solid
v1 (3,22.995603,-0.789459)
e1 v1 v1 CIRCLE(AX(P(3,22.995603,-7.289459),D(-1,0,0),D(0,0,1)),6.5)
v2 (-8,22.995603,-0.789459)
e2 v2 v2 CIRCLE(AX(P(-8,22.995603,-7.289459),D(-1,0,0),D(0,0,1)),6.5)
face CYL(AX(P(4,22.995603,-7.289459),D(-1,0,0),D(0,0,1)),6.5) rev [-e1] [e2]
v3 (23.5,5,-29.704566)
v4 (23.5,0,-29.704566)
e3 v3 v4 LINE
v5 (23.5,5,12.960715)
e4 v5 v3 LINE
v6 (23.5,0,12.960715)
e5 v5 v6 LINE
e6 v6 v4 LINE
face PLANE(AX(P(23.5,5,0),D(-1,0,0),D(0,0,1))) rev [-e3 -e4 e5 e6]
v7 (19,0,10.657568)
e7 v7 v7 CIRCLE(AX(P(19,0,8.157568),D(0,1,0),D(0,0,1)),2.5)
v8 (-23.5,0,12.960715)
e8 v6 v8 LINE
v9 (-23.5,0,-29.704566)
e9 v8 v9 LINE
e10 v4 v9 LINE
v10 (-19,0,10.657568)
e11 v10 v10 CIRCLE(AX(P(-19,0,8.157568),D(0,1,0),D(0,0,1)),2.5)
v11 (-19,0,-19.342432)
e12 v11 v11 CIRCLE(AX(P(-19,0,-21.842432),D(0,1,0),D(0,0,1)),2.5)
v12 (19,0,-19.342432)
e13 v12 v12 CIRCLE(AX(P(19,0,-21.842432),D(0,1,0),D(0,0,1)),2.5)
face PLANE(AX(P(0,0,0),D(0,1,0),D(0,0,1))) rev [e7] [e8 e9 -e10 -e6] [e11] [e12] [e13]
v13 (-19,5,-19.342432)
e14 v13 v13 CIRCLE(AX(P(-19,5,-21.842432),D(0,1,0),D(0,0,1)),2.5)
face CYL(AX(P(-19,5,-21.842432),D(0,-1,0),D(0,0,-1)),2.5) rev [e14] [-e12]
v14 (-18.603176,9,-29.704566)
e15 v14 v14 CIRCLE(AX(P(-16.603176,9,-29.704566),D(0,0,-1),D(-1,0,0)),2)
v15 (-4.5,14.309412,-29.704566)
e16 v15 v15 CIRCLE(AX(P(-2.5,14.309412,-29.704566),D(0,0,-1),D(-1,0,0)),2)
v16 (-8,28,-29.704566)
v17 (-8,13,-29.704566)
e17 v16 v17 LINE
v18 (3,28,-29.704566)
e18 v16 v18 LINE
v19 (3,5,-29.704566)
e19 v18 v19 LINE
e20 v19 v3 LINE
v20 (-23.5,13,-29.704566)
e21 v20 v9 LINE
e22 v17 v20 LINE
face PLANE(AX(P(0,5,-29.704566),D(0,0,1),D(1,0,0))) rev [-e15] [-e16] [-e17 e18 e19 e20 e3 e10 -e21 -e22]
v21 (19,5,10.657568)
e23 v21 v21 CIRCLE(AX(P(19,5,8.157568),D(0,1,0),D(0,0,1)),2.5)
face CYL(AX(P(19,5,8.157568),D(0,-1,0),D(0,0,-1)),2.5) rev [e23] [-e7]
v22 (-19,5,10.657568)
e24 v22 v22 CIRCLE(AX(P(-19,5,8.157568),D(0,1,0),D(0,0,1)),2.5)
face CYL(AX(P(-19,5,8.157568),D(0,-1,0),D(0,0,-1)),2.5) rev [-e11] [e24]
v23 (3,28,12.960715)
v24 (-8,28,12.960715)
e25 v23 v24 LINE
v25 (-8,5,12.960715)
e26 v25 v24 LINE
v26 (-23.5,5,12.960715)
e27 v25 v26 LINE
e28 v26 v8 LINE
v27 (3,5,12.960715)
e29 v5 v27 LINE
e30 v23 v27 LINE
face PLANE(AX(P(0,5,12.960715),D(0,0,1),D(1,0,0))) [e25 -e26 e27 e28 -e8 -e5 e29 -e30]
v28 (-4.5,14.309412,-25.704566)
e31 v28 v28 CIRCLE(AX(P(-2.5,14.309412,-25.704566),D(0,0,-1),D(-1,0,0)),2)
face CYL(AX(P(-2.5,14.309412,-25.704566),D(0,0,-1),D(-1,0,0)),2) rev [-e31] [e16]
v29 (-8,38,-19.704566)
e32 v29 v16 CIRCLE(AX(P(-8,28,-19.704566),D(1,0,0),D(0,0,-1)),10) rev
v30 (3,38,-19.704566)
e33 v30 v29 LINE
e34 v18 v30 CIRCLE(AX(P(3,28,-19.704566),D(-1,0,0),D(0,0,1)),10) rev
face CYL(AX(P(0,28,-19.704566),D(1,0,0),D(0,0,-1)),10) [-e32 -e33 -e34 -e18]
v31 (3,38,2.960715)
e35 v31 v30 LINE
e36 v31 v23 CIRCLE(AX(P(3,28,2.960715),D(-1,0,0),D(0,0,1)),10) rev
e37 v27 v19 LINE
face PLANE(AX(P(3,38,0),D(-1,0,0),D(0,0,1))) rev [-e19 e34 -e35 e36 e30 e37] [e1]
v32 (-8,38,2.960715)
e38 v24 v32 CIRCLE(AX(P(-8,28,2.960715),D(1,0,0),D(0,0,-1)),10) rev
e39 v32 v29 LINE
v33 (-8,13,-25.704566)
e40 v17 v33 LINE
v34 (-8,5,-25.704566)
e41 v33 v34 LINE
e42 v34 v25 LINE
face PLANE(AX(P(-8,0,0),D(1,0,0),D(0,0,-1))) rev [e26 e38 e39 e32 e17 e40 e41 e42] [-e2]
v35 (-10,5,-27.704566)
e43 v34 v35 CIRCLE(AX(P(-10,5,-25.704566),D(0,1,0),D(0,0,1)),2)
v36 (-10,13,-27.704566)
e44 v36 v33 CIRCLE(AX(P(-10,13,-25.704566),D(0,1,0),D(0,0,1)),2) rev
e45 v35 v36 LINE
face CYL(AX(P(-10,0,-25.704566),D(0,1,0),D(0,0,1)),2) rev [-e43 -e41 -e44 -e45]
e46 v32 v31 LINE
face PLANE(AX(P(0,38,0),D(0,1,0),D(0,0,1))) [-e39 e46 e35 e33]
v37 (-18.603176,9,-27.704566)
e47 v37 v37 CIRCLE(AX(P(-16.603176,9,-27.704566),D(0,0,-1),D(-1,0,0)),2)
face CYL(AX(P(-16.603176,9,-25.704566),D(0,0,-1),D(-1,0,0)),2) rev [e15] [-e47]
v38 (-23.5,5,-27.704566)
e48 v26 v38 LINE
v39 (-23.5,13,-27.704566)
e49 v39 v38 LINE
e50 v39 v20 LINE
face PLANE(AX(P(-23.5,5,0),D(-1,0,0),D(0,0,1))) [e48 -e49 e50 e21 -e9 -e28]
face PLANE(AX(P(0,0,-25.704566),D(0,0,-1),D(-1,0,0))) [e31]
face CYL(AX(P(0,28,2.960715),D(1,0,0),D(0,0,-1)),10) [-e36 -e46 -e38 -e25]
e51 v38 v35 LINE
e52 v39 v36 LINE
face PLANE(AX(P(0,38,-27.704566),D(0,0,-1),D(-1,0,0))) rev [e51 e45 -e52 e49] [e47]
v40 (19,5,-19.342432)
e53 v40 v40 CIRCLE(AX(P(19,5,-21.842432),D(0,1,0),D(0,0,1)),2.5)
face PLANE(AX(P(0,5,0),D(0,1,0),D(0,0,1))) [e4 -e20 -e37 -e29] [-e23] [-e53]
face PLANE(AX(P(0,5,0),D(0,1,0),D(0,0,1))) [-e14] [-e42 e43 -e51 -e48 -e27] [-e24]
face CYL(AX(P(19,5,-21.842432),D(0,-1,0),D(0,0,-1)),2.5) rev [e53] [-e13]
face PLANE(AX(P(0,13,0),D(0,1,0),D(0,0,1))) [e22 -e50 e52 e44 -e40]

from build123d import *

# Parameters (mm, degrees)
SKETCH_1_W           = 47
SKETCH_1_H           = 42.665281763
SKETCH_1_R           = 2.5
EXTRUDE_1_DEPTH      = 5
SKETCH_2_W           = 6
SKETCH_2_H           = 42.665281763
SKETCH_2_W_2         = 47
SKETCH_2_H_2         = 2
EXTRUDE_2_DEPTH      = 33
SKETCH_3_W           = 40.665281763
SKETCH_3_H           = 33
EXTRUDE_3_DEPTH      = 6
SKETCH_4_R           = 6.5
CUT_EXTRUDE_2_DEPTH  = 7
CHAMFER_1_SIZE       = 3
CUT_EXTRUDE_8_DEPTH  = 25
SKETCH_7_W           = 20.5
SKETCH_7_H           = 8
CUT_EXTRUDE_9_DEPTH  = 10
SKETCH_8_R           = 6.5
EXTRUDE_4_DEPTH      = 5
FILLET_4_R           = 2
SKETCH_9_W           = 11
SKETCH_9_H           = 7.412058926
EXTRUDE_5_DEPTH      = 25
FILLET_5_R           = 10
CUT_EXTRUDE_10_DEPTH = 4


with BuildPart() as part:
    # 草图1 → 凸台-拉伸1 (new body)
    with BuildSketch(Plane(origin=(0, 0, 0), x_dir=(1, 0, 0), z_dir=(0, 1, 0))):
        with Locations((0, 8.371925414)):
            Rectangle(SKETCH_1_W, SKETCH_1_H)
        with Locations((19, -8.15756763)):
            Circle(SKETCH_1_R, mode=Mode.SUBTRACT)
        with Locations((-19, -8.15756763)):
            Circle(SKETCH_1_R, mode=Mode.SUBTRACT)
        with Locations((19, 21.84243237)):
            Circle(SKETCH_1_R, mode=Mode.SUBTRACT)
        with Locations((-19, 21.84243237)):
            Circle(SKETCH_1_R, mode=Mode.SUBTRACT)
    extrude(amount=EXTRUDE_1_DEPTH)

    # 草图2 → 凸台-拉伸2 (add)
    with BuildSketch(Plane(origin=(0, 5, 0), x_dir=(1, 0, 0), z_dir=(0, 1, 0))):
        with Locations((0, 8.371925414)):
            Rectangle(SKETCH_2_W, SKETCH_2_H)
        with Locations((0, 28.704566295)):
            Rectangle(SKETCH_2_W_2, SKETCH_2_H_2)
    extrude(amount=EXTRUDE_2_DEPTH)

    # 草图3 → 凸台-拉伸3 (add)
    with BuildSketch(Plane.ZY.offset(3)):
        with Locations((-7.371925414, 21.5)):
            Rectangle(SKETCH_3_W, SKETCH_3_H)
        with Locations((-7.371925414, 21.5)):
            Rectangle(SKETCH_3_W, SKETCH_3_H)
        with Locations((-7.371925414, 21.5)):
            Rectangle(SKETCH_3_W, SKETCH_3_H)
        with Locations((-7.371925414, 21.5)):
            Rectangle(SKETCH_3_W, SKETCH_3_H)
        with Locations((-7.371925414, 21.5)):
            Rectangle(SKETCH_3_W, SKETCH_3_H)
        with Locations((-7.371925414, 21.5)):
            Rectangle(SKETCH_3_W, SKETCH_3_H)
        with Locations((-7.371925414, 21.5)):
            Rectangle(SKETCH_3_W, SKETCH_3_H)
        with Locations((-7.371925414, 21.5)):
            Rectangle(SKETCH_3_W, SKETCH_3_H)
    extrude(amount=-EXTRUDE_3_DEPTH)

    # 草图4 → 切除-拉伸2 (cut)
    with BuildSketch(Plane(origin=(-3, 2.117173295, 0), x_dir=(0, 0, 1), z_dir=(-1, 0, 0))):
        with Locations((-7.289458503, 20.878429676)):
            Circle(SKETCH_4_R)
    extrude(amount=-CUT_EXTRUDE_2_DEPTH, mode=Mode.SUBTRACT)

    # 倒角1
    chamfer_1_edges = [part.edges().sort_by_distance(p)[0] for p in [
        (23.5, 38, -28.704566295),
        (-23.5, 38, -28.704566295),
    ]]
    chamfer(chamfer_1_edges, length=CHAMFER_1_SIZE)

    # 草图6 → 切除-拉伸8 (cut)
    with BuildSketch(Plane(origin=(0, 38, 0), x_dir=(1, 0, 0), z_dir=(0, 1, 0))):
        Polygon((-26.394551402, 22.292507369), (-3, 22.292507369), (-3, 27.704566295), (-20.5, 27.704566295), (-20.5, 29.704566295), (20.5, 29.704566295), (20.5, 27.704566295), (3, 27.704566295), (3, 22.292507369), (28.987300096, 22.292507369), (28.987300096, 31.415661045), (-26.394551402, 31.415661045), align=None)
        Polygon((-3, 27.704566295), (-3, 22.292507369), (3, 22.292507369), (3, 27.704566295), (20.5, 27.704566295), (20.5, 29.704566295), (-20.5, 29.704566295), (-20.5, 27.704566295), align=None)
    extrude(amount=-CUT_EXTRUDE_8_DEPTH, mode=Mode.SUBTRACT)

    # 草图7 → 切除-拉伸9 (cut)
    with BuildSketch(Plane.XY.offset(-27.704566295)):
        with Locations((13.25, 9)):
            Rectangle(SKETCH_7_W, SKETCH_7_H)
    extrude(amount=-CUT_EXTRUDE_9_DEPTH, mode=Mode.SUBTRACT)

    # 草图8 → 凸台-拉伸4 (add)
    with BuildSketch(Plane.ZY.offset(3)):
        Polygon((12.960715468, 38), (-22.292507369, 38), (-22.292507369, 13), (-27.704566295, 13), (-27.704566295, 5), (12.960715468, 5), align=None)
        with Locations((-7.289458503, 22.995602971)):
            Circle(SKETCH_8_R, mode=Mode.SUBTRACT)
    extrude(amount=EXTRUDE_4_DEPTH)

    # 圆角4
    fillet_4_edges = [part.edges().sort_by_distance(p)[0] for p in [
        (-8, 9, -27.704566295),
    ]]
    fillet(fillet_4_edges, radius=FILLET_4_R)

    # 草图9 → 凸台-拉伸5 (add)
    with BuildSketch(Plane(origin=(0, 13, 0), x_dir=(1, 0, 0), z_dir=(0, 1, 0))):
        with Locations((-2.5, 25.998536832)):
            Rectangle(SKETCH_9_W, SKETCH_9_H)
    extrude(amount=EXTRUDE_5_DEPTH)

    # 圆角5
    fillet_5_edges = [part.edges().sort_by_distance(p)[0] for p in [
        (-2.5, 38, -29.704566295),
        (-2.5, 38, 12.960715468),
    ]]
    fillet(fillet_5_edges, radius=FILLET_5_R)

    # 草图10 → 切除-拉伸10 (cut)
    with BuildSketch(Plane(origin=(0, 0, -29.704566295), x_dir=(-1, 0, 0), z_dir=(0, 0, -1))):
        with BuildLine():
            ThreePointArc((18.603175919, 9), (16.603175919, 11), (14.603175919, 9))
            Line((14.603175919, 9), (18.603175919, 9))
        make_face()
        with BuildLine():
            Line((18.603175919, 9), (14.603175919, 9))
            ThreePointArc((14.603175919, 9), (16.603175919, 7), (18.603175919, 9))
        make_face()
        with BuildLine():
            ThreePointArc((18.603175919, 9), (16.603175919, 11), (14.603175919, 9))
            Line((14.603175919, 9), (18.603175919, 9))
        make_face()
        with BuildLine():
            Line((18.603175919, 9), (14.603175919, 9))
            ThreePointArc((14.603175919, 9), (16.603175919, 7), (18.603175919, 9))
        make_face()
        with BuildLine():
            ThreePointArc((4.5, 14.309411668), (3.914213562, 15.723625231), (2.5, 16.309411668))
            Line((2.5, 16.309411668), (2.5, 12.309411668))
            ThreePointArc((2.5, 12.309411668), (3.914213562, 12.895198106), (4.5, 14.309411668))
        make_face()
        with BuildLine():
            Line((2.5, 12.309411668), (2.5, 16.309411668))
            ThreePointArc((2.5, 16.309411668), (0.5, 14.309411668), (2.5, 12.309411668))
        make_face()
        with BuildLine():
            ThreePointArc((4.5, 14.309411668), (3.914213562, 15.723625231), (2.5, 16.309411668))
            Line((2.5, 16.309411668), (2.5, 12.309411668))
            ThreePointArc((2.5, 12.309411668), (3.914213562, 12.895198106), (4.5, 14.309411668))
        make_face()
        with BuildLine():
            Line((2.5, 12.309411668), (2.5, 16.309411668))
            ThreePointArc((2.5, 16.309411668), (0.5, 14.309411668), (2.5, 12.309411668))
        make_face()
    extrude(amount=-CUT_EXTRUDE_10_DEPTH, mode=Mode.SUBTRACT)


solid = part.part
